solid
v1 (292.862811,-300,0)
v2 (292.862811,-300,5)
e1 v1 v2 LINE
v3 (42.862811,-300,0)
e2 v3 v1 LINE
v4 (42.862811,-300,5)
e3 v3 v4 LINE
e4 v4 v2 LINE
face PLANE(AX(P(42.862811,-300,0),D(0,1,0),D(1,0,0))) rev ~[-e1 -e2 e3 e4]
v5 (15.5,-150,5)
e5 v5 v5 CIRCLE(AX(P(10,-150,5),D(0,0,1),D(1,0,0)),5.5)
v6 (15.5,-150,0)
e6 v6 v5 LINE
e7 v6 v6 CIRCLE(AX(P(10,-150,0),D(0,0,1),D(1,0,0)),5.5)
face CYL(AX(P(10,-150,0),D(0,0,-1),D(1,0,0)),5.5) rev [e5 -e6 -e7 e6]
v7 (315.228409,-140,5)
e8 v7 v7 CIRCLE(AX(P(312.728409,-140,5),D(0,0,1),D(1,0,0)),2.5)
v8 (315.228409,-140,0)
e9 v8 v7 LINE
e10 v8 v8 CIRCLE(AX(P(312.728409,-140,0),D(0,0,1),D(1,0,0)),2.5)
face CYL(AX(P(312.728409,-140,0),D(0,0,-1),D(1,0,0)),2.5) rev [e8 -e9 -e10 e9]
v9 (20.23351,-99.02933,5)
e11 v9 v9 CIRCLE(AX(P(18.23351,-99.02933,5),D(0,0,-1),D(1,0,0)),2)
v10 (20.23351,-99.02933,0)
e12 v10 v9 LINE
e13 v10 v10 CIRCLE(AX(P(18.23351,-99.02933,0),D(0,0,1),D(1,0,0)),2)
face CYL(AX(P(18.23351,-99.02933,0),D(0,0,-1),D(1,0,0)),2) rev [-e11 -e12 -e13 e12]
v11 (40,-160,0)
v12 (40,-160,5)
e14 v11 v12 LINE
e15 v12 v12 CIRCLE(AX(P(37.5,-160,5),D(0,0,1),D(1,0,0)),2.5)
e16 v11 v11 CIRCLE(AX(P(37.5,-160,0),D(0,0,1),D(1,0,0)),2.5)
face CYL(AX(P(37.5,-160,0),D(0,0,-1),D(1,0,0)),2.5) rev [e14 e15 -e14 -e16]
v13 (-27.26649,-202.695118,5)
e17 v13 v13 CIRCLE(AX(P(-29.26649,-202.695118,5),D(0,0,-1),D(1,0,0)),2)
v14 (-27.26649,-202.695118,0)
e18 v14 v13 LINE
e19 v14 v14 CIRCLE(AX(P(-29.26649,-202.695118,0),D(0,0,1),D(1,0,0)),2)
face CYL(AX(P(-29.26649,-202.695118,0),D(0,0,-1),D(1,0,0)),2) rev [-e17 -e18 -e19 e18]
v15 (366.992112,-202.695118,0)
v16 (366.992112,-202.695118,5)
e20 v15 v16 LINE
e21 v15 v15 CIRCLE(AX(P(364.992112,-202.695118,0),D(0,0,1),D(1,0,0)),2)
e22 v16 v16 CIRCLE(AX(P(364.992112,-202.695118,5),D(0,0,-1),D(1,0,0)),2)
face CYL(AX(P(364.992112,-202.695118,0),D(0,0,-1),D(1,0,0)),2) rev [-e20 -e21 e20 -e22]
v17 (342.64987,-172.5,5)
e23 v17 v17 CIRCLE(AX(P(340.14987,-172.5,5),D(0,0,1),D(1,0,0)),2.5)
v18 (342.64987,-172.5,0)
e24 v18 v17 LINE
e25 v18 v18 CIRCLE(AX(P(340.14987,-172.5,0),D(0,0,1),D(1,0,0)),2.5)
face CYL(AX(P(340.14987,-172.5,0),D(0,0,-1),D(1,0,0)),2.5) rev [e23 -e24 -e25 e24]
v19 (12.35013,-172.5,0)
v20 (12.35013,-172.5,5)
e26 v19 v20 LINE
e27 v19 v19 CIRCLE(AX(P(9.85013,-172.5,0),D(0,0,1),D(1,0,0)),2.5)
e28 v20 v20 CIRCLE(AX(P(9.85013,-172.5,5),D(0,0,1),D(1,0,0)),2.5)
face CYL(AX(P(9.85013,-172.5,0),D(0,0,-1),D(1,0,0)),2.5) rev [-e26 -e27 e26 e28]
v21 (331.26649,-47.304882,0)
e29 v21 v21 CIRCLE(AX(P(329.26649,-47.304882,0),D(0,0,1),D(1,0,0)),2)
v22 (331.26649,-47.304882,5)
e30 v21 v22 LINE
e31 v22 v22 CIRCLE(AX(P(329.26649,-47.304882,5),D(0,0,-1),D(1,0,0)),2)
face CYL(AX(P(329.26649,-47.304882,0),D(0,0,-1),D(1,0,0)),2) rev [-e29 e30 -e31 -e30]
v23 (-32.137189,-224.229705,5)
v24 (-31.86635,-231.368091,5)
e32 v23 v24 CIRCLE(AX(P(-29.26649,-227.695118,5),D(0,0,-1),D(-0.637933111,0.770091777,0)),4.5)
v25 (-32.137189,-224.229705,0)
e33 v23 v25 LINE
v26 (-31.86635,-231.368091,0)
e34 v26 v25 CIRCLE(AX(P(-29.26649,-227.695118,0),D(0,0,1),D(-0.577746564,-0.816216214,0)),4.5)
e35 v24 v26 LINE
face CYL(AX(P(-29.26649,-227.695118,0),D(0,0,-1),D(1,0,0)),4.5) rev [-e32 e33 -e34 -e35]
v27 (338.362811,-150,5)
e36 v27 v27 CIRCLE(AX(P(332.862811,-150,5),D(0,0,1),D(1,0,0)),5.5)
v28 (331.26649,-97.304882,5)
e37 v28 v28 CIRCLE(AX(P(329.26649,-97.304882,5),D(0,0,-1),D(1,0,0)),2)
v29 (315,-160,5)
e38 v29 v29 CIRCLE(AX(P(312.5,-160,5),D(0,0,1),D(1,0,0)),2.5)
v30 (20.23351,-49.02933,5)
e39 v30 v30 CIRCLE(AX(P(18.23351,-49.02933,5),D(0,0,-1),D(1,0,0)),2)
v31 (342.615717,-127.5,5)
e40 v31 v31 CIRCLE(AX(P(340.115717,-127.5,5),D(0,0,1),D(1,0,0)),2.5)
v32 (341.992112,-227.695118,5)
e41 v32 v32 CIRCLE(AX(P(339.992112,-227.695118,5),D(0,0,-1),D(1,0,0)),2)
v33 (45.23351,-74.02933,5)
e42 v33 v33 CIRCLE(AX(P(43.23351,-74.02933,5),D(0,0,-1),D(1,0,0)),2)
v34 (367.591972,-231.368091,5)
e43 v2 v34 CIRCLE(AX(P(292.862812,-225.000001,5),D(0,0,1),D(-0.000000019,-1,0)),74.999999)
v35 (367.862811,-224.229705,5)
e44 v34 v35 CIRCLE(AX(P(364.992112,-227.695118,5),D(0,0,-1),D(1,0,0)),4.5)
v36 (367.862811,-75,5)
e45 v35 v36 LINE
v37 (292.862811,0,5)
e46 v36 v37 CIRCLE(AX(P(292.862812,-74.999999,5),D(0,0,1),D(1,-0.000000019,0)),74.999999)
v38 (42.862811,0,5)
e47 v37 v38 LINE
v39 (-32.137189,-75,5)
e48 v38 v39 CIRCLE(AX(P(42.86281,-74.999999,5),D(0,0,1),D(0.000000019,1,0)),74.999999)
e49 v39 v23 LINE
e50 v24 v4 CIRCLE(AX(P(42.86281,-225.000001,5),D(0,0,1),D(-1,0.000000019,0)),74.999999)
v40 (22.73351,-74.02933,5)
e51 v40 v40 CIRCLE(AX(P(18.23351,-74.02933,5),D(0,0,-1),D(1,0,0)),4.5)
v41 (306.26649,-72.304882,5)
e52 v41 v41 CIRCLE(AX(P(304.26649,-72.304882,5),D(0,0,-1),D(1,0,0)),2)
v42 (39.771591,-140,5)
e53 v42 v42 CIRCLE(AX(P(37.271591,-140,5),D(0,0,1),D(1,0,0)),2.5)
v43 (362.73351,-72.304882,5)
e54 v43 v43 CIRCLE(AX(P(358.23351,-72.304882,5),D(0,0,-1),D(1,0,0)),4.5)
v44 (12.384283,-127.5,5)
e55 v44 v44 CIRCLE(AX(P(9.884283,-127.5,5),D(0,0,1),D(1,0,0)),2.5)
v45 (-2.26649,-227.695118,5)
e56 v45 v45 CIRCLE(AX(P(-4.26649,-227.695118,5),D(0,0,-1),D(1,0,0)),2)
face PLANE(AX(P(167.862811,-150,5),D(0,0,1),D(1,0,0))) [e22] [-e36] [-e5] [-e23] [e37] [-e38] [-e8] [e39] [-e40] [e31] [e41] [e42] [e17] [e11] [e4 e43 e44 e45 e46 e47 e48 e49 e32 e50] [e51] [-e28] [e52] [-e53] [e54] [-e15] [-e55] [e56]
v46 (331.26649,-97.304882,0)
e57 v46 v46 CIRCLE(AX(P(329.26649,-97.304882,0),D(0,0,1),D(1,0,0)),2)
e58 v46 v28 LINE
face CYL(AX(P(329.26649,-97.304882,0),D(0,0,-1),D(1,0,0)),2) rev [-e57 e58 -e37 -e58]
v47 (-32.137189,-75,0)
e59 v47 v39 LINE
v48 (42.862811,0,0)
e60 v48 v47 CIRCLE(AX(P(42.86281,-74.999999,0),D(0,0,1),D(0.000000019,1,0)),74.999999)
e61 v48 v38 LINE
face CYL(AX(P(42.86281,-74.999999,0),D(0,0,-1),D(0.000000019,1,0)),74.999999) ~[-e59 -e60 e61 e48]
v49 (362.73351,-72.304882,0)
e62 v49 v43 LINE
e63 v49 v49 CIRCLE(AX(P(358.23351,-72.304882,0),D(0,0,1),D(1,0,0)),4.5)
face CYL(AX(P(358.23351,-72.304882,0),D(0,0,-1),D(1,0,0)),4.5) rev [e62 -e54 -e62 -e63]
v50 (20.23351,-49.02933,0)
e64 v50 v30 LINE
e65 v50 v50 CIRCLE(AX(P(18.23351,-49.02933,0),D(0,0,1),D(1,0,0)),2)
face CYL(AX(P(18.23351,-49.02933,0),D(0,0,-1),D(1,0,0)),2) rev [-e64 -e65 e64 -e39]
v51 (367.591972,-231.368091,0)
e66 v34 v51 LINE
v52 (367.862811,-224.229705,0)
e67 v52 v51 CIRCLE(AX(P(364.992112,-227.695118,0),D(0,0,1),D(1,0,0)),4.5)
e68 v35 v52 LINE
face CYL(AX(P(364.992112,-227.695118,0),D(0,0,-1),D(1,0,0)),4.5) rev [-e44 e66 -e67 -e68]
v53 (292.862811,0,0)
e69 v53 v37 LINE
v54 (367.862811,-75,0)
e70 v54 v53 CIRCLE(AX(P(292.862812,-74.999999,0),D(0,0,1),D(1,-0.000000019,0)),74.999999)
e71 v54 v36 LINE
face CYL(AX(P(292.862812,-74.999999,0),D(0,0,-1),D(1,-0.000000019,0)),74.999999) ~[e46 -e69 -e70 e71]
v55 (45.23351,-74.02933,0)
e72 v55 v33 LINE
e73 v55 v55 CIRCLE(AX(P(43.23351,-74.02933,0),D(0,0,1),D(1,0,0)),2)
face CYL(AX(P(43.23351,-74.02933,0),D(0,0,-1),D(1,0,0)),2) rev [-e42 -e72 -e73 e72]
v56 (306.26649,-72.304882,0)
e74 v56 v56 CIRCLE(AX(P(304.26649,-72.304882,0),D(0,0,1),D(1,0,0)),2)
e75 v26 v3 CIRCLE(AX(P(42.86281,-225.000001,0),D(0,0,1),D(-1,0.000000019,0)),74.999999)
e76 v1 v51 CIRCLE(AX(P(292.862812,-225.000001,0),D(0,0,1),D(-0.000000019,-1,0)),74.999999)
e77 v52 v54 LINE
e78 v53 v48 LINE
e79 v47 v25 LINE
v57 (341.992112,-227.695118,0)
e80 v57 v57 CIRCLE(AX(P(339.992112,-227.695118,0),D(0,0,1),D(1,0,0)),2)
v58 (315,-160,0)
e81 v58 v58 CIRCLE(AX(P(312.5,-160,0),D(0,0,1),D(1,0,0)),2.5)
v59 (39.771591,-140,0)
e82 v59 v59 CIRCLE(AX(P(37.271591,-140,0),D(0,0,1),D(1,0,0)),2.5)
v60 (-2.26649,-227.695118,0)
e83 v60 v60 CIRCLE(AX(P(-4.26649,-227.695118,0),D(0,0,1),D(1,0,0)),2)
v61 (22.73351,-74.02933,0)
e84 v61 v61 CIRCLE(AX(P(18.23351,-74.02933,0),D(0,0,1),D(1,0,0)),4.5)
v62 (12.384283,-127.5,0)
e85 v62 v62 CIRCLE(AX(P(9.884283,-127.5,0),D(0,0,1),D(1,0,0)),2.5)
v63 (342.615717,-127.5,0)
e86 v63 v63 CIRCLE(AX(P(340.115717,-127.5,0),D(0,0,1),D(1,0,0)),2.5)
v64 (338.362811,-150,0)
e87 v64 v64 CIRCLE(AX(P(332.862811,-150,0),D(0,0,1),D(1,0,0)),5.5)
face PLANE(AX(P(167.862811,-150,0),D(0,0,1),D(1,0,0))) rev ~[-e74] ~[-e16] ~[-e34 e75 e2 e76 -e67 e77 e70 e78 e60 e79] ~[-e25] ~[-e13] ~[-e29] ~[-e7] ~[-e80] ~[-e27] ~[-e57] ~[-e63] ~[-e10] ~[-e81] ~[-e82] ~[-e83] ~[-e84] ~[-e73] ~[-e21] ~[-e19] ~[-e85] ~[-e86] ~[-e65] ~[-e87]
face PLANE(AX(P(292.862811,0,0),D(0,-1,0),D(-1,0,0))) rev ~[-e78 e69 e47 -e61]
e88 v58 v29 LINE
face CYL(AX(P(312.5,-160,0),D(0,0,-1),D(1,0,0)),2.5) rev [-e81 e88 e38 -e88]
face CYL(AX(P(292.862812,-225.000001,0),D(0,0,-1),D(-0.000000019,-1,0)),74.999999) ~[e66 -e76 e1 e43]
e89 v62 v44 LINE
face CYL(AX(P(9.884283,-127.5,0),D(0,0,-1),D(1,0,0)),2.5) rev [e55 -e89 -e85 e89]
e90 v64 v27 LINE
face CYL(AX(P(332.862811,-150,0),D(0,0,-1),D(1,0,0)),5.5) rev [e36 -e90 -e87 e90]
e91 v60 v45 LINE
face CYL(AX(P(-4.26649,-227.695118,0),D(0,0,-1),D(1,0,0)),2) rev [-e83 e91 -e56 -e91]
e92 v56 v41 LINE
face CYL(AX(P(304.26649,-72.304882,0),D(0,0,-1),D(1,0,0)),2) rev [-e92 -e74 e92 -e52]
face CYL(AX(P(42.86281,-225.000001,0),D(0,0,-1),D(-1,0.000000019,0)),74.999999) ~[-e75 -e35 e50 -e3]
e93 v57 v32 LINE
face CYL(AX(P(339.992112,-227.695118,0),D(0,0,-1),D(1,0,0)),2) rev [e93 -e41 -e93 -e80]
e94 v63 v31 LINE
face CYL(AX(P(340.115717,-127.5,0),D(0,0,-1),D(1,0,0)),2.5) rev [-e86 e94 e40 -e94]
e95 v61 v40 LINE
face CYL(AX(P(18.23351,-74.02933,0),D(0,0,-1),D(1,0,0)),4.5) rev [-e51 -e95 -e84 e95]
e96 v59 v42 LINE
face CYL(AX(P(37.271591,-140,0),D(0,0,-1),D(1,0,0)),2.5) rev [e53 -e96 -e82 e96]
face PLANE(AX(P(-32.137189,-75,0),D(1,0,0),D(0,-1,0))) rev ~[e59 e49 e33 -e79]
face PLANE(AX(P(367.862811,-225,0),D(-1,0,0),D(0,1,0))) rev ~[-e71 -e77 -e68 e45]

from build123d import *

# Parameters (mm, degrees)
F0_R     = 2.5
F0_R_2   = 5.5
F2_DEPTH = 5
F1_R     = 4.5
F1_R_2   = 2
F3_DEPTH = 25


with BuildPart() as f2:
    # F0 (on Top) → F2 (new body)
    with BuildSketch(Plane.XY):
        with BuildLine():
            Line((292.862811, 0), (42.862811, 0))
            ThreePointArc((42.862811, 0), (-10.170198, -21.966991), (-32.137189, -75))
            Line((-32.137189, -75), (-32.137189, -225))
            ThreePointArc((-32.137189, -225), (-10.170198, -278.033009), (42.862811, -300))
            Line((42.862811, -300), (292.862811, -300))
            ThreePointArc((292.862811, -300), (345.89582, -278.033009), (367.862811, -225))
            Line((367.862811, -225), (367.862811, -75))
            ThreePointArc((367.862811, -75), (345.89582, -21.966991), (292.862811, 0))
        make_face()
        with Locations((9.85013, -172.5)):
            Circle(F0_R, mode=Mode.SUBTRACT)
        with Locations((37.5, -160)):
            Circle(F0_R, mode=Mode.SUBTRACT)
        with Locations((312.5, -160)):
            Circle(F0_R, mode=Mode.SUBTRACT)
        with Locations((340.14987, -172.5)):
            Circle(F0_R, mode=Mode.SUBTRACT)
        with Locations((10, -150)):
            Circle(F0_R_2, mode=Mode.SUBTRACT)
        with Locations((9.884283, -127.5)):
            Circle(F0_R, mode=Mode.SUBTRACT)
        with Locations((37.271591, -140)):
            Circle(F0_R, mode=Mode.SUBTRACT)
        with Locations((312.728409, -140)):
            Circle(F0_R, mode=Mode.SUBTRACT)
        with Locations((332.862811, -150)):
            Circle(F0_R_2, mode=Mode.SUBTRACT)
        with Locations((340.115717, -127.5)):
            Circle(F0_R, mode=Mode.SUBTRACT)
    extrude(amount=F2_DEPTH)

    # F1 (on Top) → F3 (cut)
    with BuildSketch(Plane.XY):
        with Locations((18.23351, -74.02933)):
            Circle(F1_R)
        with Locations((18.23351, -49.02933)):
            Circle(F1_R_2)
        with Locations((18.23351, -99.02933)):
            Circle(F1_R_2)
        with Locations((43.23351, -74.02933)):
            Circle(F1_R_2)
        with Locations((-29.26649, -252.695118)):
            Circle(F1_R_2)
        with Locations((-4.26649, -227.695118)):
            Circle(F1_R_2)
        with Locations((-29.26649, -202.695118)):
            Circle(F1_R_2)
        with Locations((-29.26649, -227.695118)):
            Circle(F1_R)
        with Locations((304.26649, -72.304882)):
            Circle(F1_R_2)
        with Locations((329.26649, -47.304882)):
            Circle(F1_R_2)
        with Locations((358.23351, -72.304882)):
            Circle(F1_R)
        with Locations((329.26649, -97.304882)):
            Circle(F1_R_2)
        with Locations((339.992112, -227.695118)):
            Circle(F1_R_2)
        with Locations((364.992112, -202.695118)):
            Circle(F1_R_2)
        with Locations((364.992112, -252.695118)):
            Circle(F1_R_2)
        with Locations((364.992112, -227.695118)):
            Circle(F1_R)
    extrude(amount=F3_DEPTH, mode=Mode.SUBTRACT)


solid = f2.part
